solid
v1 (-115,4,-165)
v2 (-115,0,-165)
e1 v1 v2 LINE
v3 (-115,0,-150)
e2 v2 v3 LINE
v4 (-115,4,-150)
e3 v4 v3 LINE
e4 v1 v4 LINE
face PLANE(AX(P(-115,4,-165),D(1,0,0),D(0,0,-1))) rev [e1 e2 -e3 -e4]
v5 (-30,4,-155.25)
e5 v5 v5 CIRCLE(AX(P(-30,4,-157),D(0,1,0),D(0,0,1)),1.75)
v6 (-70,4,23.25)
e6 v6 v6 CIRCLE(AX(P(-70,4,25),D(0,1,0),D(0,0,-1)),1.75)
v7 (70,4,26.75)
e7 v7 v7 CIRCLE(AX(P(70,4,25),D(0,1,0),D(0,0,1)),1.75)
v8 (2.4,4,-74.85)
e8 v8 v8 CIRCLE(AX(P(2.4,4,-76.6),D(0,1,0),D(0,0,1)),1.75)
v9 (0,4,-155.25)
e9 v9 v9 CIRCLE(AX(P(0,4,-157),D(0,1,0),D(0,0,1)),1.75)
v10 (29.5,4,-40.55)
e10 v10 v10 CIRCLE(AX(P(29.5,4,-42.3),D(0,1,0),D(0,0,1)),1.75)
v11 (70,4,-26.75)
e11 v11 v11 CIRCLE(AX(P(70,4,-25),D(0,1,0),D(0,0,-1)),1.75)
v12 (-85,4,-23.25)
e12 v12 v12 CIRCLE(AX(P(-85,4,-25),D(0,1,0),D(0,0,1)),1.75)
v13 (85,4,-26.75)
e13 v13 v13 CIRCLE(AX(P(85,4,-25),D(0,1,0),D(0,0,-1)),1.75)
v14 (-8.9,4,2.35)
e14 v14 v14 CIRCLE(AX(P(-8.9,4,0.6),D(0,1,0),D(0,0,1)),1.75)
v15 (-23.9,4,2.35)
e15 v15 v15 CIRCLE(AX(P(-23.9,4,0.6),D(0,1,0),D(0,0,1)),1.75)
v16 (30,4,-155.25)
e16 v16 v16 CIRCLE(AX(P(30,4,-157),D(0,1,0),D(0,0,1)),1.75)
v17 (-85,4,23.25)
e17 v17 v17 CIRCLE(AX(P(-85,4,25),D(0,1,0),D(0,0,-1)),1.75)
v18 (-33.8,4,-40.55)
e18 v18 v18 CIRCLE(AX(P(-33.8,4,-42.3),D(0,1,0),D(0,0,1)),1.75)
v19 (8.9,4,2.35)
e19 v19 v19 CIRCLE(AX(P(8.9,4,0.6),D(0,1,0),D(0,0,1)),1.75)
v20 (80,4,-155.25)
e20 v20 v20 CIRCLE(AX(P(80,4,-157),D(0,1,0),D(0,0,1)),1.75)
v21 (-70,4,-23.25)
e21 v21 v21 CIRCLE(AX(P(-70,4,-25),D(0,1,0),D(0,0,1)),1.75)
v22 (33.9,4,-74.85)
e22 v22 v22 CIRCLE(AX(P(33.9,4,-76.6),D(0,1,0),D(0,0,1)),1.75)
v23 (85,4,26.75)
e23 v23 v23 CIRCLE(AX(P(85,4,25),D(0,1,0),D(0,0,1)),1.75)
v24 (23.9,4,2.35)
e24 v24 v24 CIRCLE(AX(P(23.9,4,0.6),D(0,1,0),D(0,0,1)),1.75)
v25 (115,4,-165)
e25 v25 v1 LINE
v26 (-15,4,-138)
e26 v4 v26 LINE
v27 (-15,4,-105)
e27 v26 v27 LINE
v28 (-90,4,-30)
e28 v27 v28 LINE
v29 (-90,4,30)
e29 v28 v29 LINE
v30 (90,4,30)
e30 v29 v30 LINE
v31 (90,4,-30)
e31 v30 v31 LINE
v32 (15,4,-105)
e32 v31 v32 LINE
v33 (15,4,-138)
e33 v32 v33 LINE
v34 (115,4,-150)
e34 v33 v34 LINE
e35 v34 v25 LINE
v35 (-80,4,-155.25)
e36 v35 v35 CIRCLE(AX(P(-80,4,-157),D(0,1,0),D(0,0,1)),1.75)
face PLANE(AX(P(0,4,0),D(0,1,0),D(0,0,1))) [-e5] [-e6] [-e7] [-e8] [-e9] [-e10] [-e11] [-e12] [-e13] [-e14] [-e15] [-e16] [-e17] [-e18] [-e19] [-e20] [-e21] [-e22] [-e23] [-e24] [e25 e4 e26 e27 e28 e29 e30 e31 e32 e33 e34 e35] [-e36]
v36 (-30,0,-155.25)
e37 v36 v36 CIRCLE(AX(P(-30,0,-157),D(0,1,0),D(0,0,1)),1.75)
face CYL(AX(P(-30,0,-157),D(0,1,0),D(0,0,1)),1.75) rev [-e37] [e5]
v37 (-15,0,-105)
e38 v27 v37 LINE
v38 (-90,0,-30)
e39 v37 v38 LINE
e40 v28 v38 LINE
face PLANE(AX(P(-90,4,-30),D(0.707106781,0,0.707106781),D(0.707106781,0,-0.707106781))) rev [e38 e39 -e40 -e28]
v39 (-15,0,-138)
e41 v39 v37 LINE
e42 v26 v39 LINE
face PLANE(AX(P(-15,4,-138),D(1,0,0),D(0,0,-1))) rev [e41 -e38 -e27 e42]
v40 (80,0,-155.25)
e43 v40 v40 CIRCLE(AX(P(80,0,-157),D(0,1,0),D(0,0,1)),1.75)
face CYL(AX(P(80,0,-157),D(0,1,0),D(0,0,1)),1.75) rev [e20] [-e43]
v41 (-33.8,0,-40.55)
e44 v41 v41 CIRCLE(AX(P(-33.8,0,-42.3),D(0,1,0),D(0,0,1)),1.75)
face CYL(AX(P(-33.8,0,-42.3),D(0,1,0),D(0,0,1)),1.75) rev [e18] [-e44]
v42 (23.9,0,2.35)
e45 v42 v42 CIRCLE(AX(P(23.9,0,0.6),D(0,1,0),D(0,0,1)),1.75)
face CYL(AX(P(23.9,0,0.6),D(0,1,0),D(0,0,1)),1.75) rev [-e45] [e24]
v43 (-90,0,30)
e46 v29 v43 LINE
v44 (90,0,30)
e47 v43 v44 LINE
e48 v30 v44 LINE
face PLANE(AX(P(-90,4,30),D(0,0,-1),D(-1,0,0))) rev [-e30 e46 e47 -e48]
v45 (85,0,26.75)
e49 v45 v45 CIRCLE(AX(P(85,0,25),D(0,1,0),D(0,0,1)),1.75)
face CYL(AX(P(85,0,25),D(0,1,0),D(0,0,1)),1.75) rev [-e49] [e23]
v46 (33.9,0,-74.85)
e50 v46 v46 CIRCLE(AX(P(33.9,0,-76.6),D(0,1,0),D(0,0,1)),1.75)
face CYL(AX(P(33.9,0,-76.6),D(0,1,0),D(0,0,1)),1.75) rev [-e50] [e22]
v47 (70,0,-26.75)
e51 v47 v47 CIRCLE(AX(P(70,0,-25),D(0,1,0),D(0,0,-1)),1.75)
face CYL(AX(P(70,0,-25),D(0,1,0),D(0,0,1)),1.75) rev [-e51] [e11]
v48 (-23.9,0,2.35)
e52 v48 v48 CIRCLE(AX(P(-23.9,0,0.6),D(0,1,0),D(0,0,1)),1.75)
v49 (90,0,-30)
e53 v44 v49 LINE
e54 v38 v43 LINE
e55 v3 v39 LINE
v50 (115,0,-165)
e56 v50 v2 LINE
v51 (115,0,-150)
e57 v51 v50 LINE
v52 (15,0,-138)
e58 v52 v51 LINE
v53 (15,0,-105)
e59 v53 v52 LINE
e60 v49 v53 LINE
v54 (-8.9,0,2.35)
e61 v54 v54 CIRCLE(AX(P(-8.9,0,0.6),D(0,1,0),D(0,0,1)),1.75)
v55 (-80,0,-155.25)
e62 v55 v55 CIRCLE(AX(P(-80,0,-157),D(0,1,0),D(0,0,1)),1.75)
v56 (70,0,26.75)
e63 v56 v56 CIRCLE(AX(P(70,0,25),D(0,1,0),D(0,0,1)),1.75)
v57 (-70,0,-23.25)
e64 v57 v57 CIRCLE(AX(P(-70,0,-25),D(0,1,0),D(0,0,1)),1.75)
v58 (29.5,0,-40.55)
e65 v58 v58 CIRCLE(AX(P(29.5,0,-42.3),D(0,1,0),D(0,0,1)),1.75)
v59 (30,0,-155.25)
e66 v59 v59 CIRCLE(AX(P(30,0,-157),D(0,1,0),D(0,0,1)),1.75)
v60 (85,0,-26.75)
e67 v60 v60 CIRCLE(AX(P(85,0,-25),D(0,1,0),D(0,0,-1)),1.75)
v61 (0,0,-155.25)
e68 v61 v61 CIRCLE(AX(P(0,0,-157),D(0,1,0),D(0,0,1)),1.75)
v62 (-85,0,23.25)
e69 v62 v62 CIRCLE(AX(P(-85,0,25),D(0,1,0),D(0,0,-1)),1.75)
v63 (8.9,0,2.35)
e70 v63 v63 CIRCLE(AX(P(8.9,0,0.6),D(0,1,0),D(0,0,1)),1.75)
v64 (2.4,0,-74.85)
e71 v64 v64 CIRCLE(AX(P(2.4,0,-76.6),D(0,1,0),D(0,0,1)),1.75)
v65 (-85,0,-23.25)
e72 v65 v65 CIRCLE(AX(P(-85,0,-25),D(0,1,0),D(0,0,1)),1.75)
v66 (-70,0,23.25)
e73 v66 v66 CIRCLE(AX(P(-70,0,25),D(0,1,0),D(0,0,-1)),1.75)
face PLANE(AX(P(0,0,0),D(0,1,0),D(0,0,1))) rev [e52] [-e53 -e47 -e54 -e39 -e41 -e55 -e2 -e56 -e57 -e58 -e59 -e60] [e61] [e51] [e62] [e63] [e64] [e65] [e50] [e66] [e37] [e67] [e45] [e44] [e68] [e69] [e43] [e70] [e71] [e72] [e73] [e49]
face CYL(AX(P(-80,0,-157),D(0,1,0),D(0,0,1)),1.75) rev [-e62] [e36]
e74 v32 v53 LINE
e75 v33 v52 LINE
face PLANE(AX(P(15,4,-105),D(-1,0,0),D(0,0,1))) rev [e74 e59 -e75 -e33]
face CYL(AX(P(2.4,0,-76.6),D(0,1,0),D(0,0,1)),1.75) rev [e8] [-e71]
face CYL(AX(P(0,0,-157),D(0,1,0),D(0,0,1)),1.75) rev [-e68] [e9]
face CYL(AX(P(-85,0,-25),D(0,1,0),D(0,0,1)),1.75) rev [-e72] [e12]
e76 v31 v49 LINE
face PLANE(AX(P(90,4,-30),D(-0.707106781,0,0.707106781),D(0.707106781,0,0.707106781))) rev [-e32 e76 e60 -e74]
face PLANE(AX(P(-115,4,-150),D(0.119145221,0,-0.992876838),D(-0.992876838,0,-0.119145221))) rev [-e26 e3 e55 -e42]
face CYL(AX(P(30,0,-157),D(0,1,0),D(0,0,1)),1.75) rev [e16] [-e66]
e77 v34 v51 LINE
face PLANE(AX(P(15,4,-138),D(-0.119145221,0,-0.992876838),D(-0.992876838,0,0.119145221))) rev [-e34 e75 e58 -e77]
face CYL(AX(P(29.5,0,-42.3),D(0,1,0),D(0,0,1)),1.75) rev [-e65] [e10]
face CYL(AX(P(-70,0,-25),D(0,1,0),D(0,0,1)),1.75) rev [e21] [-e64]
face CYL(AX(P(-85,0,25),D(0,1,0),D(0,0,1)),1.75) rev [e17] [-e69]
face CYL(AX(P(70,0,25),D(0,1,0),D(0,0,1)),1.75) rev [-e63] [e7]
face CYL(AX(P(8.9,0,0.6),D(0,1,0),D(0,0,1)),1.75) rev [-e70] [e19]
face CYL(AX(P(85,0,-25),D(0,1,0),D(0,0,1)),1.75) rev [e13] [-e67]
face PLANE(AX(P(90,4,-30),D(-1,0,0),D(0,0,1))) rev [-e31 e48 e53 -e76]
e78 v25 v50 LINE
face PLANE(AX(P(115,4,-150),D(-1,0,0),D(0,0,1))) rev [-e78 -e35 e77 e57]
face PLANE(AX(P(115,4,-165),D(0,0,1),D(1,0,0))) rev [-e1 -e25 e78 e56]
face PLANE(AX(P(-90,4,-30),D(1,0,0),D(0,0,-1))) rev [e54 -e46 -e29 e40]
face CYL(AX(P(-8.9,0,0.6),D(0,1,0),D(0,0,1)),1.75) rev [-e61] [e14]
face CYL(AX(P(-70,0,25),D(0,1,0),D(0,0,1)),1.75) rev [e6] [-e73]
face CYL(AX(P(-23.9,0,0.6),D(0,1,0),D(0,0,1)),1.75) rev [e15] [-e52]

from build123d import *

# Parameters (mm, degrees)
BOSS_EXTRUDE1_DEPTH = 4
SKETCH2_R           = 1.75
CUT_EXTRUDE1_DEPTH  = 202.161626559
SKETCH3_R           = 1.75
CUT_EXTRUDE2_DEPTH  = 202.161626559
SKETCH4_R           = 1.75
CUT_EXTRUDE3_DEPTH  = 202.161626559
SKETCH5_R           = 1.75
CUT_EXTRUDE4_DEPTH  = 202.161626559


with BuildPart() as part:
    # Sketch1 → Boss-Extrude1 (new body)
    with BuildSketch(Plane(origin=(0, 0, 0), x_dir=(1, 0, 0), z_dir=(0, 1, 0))):
        Polygon((-90, 30), (-15, 105), (-15, 138), (-115, 150), (-115, 165), (115, 165), (115, 150), (15, 138), (15, 105), (90, 30), (90, -30), (-90, -30), align=None)
    extrude(amount=BOSS_EXTRUDE1_DEPTH)

    # Sketch2 → Cut-Extrude1 (cut, through all)
    with BuildSketch(Plane(origin=(0, 4, 0), x_dir=(1, 0, 0), z_dir=(0, 1, 0))):
        with Locations(Location((-85, 25, 0), (0, 0, 270))):
            Circle(SKETCH2_R)
        with Locations(Location((85, 25, 0), (0, 0, 90))):
            Circle(SKETCH2_R)
        with Locations(Location((85, -25, 0), (0, 0, 270))):
            Circle(SKETCH2_R)
        with Locations(Location((-85, -25, 0), (0, 0, 90))):
            Circle(SKETCH2_R)
        with Locations(Location((-70, 25, 0), (0, 0, 270))):
            Circle(SKETCH2_R)
        with Locations(Location((-70, -25, 0), (0, 0, 90))):
            Circle(SKETCH2_R)
        with Locations(Location((70, -25, 0), (0, 0, 270))):
            Circle(SKETCH2_R)
        with Locations(Location((70, 25, 0), (0, 0, 90))):
            Circle(SKETCH2_R)
    extrude(amount=-CUT_EXTRUDE1_DEPTH, mode=Mode.SUBTRACT)

    # Sketch3 → Cut-Extrude2 (cut, through all)
    with BuildSketch(Plane(origin=(0, 4, 0), x_dir=(1, 0, 0), z_dir=(0, 1, 0))):
        with Locations(Location((2.4, 76.6, 0), (0, 0, 270))):
            Circle(SKETCH3_R)
        with Locations(Location((-33.8, 42.3, 0), (0, 0, 270))):
            Circle(SKETCH3_R)
        with Locations(Location((33.9, 76.6, 0), (0, 0, 270))):
            Circle(SKETCH3_R)
        with Locations(Location((29.5, 42.3, 0), (0, 0, 270))):
            Circle(SKETCH3_R)
    extrude(amount=-CUT_EXTRUDE2_DEPTH, mode=Mode.SUBTRACT)

    # Sketch4 → Cut-Extrude3 (cut, through all)
    with BuildSketch(Plane(origin=(0, 4, 0), x_dir=(1, 0, 0), z_dir=(0, 1, 0))):
        with Locations(Location((-23.9, -0.6, 0), (0, 0, 270))):
            Circle(SKETCH4_R)
        with Locations(Location((-8.9, -0.6, 0), (0, 0, 270))):
            Circle(SKETCH4_R)
        with Locations(Location((8.9, -0.6, 0), (0, 0, 270))):
            Circle(SKETCH4_R)
        with Locations(Location((23.9, -0.6, 0), (0, 0, 270))):
            Circle(SKETCH4_R)
    extrude(amount=-CUT_EXTRUDE3_DEPTH, mode=Mode.SUBTRACT)

    # Sketch5 → Cut-Extrude4 (cut, through all)
    with BuildSketch(Plane(origin=(0, 4, 0), x_dir=(1, 0, 0), z_dir=(0, 1, 0))):
        with Locations(Location((0, 157, 0), (0, 0, 270))):
            Circle(SKETCH5_R)
        with Locations(Location((-30, 157, 0), (0, 0, 270))):
            Circle(SKETCH5_R)
        with Locations(Location((30, 157, 0), (0, 0, 270))):
            Circle(SKETCH5_R)
        with Locations(Location((80, 157, 0), (0, 0, 270))):
            Circle(SKETCH5_R)
        with Locations(Location((-80, 157, 0), (0, 0, 270))):
            Circle(SKETCH5_R)
    extrude(amount=-CUT_EXTRUDE4_DEPTH, mode=Mode.SUBTRACT)


solid = part.part
